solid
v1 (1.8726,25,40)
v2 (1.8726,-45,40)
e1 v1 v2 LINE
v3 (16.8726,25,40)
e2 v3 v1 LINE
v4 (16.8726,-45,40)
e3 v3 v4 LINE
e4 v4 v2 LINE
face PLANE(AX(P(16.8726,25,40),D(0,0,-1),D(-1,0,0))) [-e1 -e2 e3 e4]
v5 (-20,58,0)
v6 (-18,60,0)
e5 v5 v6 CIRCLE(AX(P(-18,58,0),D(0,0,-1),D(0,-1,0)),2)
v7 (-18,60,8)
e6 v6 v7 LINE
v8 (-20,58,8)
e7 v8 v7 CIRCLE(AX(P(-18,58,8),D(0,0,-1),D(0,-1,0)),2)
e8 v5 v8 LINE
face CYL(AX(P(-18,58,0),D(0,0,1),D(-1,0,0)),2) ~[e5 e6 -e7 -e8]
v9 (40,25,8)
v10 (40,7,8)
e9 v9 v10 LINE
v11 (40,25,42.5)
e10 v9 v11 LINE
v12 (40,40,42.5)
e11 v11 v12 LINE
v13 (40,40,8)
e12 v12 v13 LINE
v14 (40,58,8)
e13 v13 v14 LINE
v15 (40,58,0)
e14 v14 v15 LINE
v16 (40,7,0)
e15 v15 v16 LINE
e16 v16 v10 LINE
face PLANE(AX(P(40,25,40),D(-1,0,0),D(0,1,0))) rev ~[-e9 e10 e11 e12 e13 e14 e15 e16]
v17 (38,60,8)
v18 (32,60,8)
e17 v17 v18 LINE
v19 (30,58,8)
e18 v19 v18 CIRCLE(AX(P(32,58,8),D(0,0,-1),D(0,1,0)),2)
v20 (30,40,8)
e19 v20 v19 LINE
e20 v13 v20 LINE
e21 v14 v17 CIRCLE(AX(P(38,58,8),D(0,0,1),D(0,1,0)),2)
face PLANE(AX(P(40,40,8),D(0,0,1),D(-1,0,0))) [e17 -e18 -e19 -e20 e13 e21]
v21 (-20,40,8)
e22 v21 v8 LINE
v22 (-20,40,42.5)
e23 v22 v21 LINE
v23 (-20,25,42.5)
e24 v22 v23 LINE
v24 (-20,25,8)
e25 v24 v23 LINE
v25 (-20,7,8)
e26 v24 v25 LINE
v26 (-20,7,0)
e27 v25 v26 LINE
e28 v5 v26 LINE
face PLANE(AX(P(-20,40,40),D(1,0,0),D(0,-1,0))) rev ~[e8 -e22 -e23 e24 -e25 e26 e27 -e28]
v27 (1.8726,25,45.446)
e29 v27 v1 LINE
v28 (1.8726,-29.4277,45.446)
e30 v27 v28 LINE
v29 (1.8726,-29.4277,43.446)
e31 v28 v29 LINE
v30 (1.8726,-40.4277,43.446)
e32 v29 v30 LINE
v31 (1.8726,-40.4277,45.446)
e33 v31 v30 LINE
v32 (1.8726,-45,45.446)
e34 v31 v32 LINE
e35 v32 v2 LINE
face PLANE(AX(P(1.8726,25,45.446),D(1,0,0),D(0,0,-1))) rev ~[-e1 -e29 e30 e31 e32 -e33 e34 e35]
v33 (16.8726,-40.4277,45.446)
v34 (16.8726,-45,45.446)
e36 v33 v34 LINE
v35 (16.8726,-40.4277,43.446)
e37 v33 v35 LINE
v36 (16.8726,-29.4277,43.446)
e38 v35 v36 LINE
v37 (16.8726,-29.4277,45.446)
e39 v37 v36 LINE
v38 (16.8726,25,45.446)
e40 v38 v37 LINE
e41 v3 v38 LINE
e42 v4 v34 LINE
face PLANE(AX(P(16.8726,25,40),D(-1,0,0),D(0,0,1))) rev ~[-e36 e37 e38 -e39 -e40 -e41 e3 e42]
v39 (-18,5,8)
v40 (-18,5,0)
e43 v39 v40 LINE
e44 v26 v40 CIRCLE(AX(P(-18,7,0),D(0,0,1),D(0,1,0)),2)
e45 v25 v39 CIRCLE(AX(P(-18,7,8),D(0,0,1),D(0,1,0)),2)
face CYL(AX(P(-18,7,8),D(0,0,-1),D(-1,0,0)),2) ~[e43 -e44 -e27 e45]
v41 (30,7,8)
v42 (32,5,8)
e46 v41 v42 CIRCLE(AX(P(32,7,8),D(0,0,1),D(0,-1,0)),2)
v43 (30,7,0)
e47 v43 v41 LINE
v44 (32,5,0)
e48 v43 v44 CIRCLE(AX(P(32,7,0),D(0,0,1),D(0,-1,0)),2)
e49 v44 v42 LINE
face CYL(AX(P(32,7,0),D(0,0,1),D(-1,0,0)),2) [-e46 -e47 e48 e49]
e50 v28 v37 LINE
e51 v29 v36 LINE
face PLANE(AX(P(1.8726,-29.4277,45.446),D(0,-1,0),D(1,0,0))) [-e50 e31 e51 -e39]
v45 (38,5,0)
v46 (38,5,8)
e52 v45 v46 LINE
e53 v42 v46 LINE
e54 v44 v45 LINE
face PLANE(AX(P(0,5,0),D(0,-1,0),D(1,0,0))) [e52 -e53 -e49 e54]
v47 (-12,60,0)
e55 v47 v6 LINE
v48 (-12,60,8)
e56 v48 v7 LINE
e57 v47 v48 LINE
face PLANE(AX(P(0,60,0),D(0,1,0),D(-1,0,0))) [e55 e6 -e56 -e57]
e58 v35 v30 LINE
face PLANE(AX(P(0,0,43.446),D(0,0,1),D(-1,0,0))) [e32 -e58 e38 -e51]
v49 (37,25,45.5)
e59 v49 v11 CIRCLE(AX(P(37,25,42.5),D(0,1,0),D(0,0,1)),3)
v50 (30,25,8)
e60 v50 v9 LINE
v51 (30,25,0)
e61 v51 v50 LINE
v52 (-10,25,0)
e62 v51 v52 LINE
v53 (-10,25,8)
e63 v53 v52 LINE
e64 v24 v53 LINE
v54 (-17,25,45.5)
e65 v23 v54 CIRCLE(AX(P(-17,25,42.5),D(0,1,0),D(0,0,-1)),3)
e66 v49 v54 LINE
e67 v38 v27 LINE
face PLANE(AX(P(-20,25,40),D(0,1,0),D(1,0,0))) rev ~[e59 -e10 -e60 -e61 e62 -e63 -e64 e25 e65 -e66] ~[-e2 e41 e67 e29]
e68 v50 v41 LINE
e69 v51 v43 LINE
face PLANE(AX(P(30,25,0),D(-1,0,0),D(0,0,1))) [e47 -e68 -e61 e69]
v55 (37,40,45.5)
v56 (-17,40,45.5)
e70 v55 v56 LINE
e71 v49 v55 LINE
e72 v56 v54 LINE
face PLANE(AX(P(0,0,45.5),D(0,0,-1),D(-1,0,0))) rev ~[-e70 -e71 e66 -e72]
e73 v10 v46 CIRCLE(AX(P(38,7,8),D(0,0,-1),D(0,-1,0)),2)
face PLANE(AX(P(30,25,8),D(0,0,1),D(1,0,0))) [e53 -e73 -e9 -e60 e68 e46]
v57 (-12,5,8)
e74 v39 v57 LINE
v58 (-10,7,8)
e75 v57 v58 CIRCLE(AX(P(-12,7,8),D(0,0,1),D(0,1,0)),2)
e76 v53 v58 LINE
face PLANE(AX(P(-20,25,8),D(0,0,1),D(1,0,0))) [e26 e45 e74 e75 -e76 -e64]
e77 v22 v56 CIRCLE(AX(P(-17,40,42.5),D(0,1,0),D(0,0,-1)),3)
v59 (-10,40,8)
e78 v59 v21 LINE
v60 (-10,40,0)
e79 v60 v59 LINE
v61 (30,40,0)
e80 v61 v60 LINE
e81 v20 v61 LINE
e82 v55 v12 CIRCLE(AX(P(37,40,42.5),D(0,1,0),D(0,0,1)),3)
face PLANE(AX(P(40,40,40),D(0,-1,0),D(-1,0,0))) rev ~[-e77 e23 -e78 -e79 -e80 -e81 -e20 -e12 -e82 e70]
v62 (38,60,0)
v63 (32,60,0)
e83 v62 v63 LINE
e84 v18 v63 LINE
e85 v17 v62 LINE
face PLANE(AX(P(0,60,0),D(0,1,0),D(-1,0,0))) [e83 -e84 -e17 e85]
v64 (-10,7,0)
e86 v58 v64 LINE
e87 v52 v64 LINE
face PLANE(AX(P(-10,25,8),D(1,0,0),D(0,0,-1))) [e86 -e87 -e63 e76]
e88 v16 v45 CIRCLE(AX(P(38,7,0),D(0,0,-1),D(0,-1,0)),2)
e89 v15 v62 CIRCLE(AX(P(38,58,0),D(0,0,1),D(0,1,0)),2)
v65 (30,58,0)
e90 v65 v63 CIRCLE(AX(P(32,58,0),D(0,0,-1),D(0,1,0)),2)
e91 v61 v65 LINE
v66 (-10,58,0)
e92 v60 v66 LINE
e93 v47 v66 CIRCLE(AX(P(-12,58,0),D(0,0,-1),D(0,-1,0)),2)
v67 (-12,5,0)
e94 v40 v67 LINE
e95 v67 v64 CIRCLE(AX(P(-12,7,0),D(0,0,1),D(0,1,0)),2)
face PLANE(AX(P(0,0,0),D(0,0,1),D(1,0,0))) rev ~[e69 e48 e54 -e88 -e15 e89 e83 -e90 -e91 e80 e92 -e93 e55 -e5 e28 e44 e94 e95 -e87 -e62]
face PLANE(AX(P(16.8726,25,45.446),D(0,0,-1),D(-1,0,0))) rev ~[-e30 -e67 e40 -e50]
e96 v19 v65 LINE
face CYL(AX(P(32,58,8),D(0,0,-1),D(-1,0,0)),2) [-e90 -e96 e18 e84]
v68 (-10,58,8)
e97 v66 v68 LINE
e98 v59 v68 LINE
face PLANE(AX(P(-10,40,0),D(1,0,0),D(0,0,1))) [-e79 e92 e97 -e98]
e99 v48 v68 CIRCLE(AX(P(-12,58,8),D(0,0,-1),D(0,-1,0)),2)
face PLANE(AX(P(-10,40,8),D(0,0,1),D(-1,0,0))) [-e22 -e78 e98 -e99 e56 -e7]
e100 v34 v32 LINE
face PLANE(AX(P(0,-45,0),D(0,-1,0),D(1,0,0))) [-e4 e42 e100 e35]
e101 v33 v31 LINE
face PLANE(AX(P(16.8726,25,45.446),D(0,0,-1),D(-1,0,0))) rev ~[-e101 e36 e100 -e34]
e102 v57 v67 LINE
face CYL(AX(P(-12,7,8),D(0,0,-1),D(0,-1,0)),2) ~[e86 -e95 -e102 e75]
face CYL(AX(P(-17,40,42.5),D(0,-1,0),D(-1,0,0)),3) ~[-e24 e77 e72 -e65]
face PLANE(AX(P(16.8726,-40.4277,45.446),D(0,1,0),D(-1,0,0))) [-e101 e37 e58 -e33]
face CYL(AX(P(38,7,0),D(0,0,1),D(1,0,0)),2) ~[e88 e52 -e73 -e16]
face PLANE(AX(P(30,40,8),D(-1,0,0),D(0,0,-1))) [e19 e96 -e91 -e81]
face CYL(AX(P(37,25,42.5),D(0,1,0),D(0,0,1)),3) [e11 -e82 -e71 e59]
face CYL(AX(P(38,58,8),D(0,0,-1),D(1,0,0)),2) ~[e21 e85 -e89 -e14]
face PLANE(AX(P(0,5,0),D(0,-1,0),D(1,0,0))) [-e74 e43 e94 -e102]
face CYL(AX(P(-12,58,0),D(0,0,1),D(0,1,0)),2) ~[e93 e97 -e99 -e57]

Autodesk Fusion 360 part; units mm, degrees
sketch "Sketch1" plane through (0, 0, 0) normal (0, 0, 1) x (1, 0, 0)
  line L0 (-20, 40) -> (-19.9999, 40)
  line L1 (-19.9999, 10) -> (-20, 10)
  line L2 (-20, 40) -> (40, 40)
  line L3 (40, 40) -> (40, 25)
  line L4 (40, 25) -> (-20, 25)
  line L5 (-20, 25) -> (-20, 40)
  line L6 (20, 40) -> (40, 40)
  dimension "d12" = 60
extrude "Extrude6" add sketch "Sketch1" along normal blind 40
sketch "Sketch5" plane through (0, 25, 0) normal (0, -1, 0) x (1, 0, 0)
  line L0 (-20, 0) -> (40, 0)
  line L1 (40, 0) -> (40, 40)
  line L2 (40, 40) -> (-20, 40)
  line L3 (-20, 40) -> (-20, 0)
  line L4 (1.8726, 40) -> (16.8726, 40)
  line L5 (16.8726, 40) -> (16.8726, 45.446)
  line L6 (16.8726, 45.446) -> (1.8726, 45.446)
  line L7 (1.8726, 45.446) -> (1.8726, 40)
  point P0 (10, 40)
  dimension "d29" = 15
extrude "Extrude7" add sketch "Sketch5" along normal blind 70 contours L2 L4 L5 L6 L7
sketch "Sketch6" plane through (0, 0, 40) normal (0, 0, -1) x (-1, 0, 0)
  line L0 (20, 40) -> (20, 25)
  line L1 (20, 25) -> (-1.8726, 25)
  line L2 (-40, 25) -> (-40, 40)
  line L3 (-40, 40) -> (20, 40)
  line L4 (-1.8726, 25) -> (-16.8726, 25)
  line L5 (-16.8726, 25) -> (-40, 25)
extrude "Extrude8" add sketch "Sketch6" against normal blind 5.5
sketch "Sketch7" plane through (0, 25, 0) normal (0, -1, 0) x (1, 0, 0)
  line L0 (-20, 45.5) -> (-20, 0)
  line L1 (-20, 0) -> (40, 0)
  line L2 (40, 0) -> (40, 45.5)
  line L3 (-20, 8) -> (-10, 8)
  line L4 (-10, 8) -> (-10, 0)
  line L5 (-10, 0) -> (-20, 0)
  line L6 (-20, 0) -> (-20, 8)
  line L7 (30, 8) -> (40, 8)
  line L8 (40, 8) -> (40, 0)
  line L9 (40, 0) -> (30, 0)
  line L10 (30, 0) -> (30, 8)
  line L11 (16.8726, 45.446) -> (16.8726, 40)
  line L12 (1.8726, 40) -> (1.8726, 45.446)
  line L13 (40, 45.5) -> (-20, 45.5)
  line L14 (16.8726, 40) -> (1.8726, 40)
  line L15 (1.8726, 45.446) -> (16.8726, 45.446)
  dimension "d25" = 10
  dimension "d26" = 8
  dimension "d27" = 10
  dimension "d28" = 8
extrude "Extrude9" add sketch "Sketch7" along normal blind 20 contours L0 L1 L3 L4 L5 L6 | L1 L2 L7 L8 L9 L10
sketch "Sketch8" plane through (0, 40, 0) normal (0, 1, 0) x (-1, 0, 0)
  line L0 (-40, 0) -> (20, 0)
  line L1 (20, 0) -> (20, 45.5)
  line L2 (-40, 45.5) -> (-40, 0)
  line L3 (-40, 8) -> (-30, 8)
  line L4 (-30, 8) -> (-30, 0)
  line L5 (-30, 0) -> (-40, 0)
  line L6 (-40, 0) -> (-40, 8)
  line L7 (10, 8) -> (20, 8)
  line L8 (20, 8) -> (20, 0)
  line L9 (20, 0) -> (10, 0)
  line L10 (10, 0) -> (10, 8)
  line L11 (20, 45.5) -> (-40, 45.5)
  dimension "d34" = 10
  dimension "d35" = 8
  dimension "d36" = 8
  dimension "d37" = 10
extrude "Extrude10" add sketch "Sketch8" along normal blind 20 contours L0 L2 L3 L4 L5 L6 | L0 L1 L7 L8 L9 L10
sketch "Sketch10" plane through (0, 0, 45.446) normal (0, 0, 1) x (-1, 0, 0)
  line L0 (-1.8726, -25) -> (-1.8726, 45)
  line L1 (-1.8726, 45) -> (-16.8726, 45)
  line L2 (-16.8726, 45) -> (-16.8726, -25)
  line L3 (-16.8726, 40.4277) -> (-1.8726, 40.4277)
  line L4 (-1.8726, 40.4277) -> (-1.8726, 29.4277)
  line L5 (-1.8726, 29.4277) -> (-16.8726, 29.4277)
  line L6 (-16.8726, 29.4277) -> (-16.8726, 40.4277)
  line L7 (-16.8726, -25) -> (-1.8726, -25)
  dimension "d38" = 11
extrude "Extrude12" cut sketch "Sketch10" against normal blind 2 contours L0 L2 L3 L4 L5 L6
fillet "Fillet1" radius 3 2 edges at (40, 32.5, 45.5) (-20, 32.5, 45.5)
fillet "Fillet2" radius 2 8 edges at (40, 5, 4) (30, 5, 4) (40, 60, 4) (-10, 5, 4) (30, 60, 4) (-10, 60, 4) (-20, 60, 4) (-20, 5, 4)
